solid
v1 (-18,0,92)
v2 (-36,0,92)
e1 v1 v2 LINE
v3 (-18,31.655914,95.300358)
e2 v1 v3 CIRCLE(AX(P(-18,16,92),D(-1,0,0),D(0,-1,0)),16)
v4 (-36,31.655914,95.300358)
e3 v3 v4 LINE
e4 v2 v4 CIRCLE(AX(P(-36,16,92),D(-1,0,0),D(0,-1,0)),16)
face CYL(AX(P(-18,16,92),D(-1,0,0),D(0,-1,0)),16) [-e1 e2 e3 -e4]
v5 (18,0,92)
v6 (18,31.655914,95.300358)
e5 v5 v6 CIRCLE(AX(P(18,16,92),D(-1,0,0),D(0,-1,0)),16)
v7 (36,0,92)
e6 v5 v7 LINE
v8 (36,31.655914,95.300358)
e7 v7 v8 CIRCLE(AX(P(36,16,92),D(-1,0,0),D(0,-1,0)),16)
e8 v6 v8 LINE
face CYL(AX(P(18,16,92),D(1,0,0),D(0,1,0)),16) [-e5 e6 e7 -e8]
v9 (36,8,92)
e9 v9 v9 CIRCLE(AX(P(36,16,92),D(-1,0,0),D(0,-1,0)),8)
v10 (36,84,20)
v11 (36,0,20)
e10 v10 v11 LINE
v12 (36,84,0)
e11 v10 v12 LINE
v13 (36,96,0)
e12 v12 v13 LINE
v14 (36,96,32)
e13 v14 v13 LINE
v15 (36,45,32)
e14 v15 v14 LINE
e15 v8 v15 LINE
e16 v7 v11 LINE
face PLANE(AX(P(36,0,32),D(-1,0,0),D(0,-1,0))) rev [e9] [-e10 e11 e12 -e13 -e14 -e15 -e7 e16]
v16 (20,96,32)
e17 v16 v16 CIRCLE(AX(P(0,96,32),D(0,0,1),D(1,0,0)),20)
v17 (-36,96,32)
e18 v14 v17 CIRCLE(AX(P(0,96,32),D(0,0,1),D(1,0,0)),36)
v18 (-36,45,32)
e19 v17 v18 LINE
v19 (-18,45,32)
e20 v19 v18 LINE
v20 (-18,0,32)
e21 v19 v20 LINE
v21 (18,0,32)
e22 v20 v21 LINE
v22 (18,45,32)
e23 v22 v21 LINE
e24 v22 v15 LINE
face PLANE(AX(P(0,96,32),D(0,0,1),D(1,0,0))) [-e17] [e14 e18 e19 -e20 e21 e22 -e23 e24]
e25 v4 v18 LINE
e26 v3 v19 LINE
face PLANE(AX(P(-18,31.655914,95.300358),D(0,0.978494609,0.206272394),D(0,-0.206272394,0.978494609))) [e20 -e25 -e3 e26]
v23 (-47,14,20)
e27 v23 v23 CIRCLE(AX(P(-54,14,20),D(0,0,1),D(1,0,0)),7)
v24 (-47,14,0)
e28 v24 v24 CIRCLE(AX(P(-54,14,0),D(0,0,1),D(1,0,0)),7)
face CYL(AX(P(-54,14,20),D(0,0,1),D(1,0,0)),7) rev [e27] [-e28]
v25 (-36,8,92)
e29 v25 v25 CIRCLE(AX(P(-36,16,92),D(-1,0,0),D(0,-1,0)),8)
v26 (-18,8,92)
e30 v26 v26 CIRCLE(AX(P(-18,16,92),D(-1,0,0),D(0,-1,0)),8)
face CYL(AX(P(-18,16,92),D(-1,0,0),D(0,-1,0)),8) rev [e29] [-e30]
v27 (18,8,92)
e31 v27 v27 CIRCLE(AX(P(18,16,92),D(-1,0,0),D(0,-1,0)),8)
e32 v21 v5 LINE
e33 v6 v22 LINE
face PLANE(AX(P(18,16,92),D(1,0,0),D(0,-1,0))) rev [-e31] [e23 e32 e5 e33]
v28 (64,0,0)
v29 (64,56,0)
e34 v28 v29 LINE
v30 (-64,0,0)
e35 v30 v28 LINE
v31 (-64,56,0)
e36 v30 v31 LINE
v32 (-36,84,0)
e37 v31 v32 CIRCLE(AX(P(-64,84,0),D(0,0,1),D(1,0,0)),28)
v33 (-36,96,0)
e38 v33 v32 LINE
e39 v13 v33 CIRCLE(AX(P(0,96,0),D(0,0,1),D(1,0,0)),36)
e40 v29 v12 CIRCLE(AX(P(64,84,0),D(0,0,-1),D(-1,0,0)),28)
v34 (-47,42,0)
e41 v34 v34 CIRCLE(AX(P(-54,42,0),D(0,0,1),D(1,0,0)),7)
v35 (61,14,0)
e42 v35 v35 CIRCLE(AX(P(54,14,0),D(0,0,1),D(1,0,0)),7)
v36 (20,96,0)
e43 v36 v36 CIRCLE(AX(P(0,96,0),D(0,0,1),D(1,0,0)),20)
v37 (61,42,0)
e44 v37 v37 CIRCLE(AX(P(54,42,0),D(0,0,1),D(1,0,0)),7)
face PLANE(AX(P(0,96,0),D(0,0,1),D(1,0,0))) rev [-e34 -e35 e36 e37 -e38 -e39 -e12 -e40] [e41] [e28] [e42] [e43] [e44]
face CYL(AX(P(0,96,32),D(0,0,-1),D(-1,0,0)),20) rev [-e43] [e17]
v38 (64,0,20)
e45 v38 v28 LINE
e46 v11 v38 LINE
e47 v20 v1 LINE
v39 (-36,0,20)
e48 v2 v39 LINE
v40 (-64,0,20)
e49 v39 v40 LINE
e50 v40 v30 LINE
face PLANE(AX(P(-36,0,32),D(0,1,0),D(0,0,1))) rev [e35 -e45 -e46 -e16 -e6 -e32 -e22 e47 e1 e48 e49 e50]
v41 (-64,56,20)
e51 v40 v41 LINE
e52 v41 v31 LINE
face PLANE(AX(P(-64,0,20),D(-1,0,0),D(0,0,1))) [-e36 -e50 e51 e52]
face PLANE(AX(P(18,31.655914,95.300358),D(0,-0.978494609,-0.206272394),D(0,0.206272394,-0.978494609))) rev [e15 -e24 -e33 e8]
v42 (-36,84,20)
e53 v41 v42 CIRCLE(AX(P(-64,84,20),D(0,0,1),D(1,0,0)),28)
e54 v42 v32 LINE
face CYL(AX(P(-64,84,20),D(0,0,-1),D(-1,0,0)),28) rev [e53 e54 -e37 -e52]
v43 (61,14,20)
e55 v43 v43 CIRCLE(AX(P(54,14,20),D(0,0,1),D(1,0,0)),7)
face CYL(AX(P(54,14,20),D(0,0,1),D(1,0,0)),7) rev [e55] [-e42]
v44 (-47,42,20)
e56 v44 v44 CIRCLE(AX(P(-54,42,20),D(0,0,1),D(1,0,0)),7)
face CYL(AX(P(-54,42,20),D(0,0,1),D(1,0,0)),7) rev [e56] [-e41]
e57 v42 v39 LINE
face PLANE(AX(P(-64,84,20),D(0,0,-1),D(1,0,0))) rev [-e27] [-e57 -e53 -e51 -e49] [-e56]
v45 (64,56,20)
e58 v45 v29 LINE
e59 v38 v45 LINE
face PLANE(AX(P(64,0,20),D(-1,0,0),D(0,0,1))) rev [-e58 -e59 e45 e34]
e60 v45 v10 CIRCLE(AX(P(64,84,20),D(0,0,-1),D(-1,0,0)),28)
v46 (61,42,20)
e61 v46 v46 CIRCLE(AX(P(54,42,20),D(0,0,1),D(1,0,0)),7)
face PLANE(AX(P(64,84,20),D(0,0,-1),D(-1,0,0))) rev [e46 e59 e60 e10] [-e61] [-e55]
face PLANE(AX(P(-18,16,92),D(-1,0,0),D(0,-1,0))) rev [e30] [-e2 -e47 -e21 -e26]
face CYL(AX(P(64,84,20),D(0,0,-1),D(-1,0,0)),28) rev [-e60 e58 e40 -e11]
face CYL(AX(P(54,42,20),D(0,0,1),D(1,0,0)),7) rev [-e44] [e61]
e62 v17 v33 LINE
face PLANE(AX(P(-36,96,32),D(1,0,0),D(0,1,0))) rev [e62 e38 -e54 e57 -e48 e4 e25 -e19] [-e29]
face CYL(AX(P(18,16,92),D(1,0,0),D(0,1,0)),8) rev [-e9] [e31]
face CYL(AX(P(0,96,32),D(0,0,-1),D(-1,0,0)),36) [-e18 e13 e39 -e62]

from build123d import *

# Parameters (mm, degrees)
SKETCH1_R           = 20
BOSS_EXTRUDE1_DEPTH = 32
BOSS_EXTRUDE2_DEPTH = 20
SKETCH4_R           = 8
BOSS_EXTRUDE3_DEPTH = 18
HOLE1_D             = 14
HOLE1_DEPTH         = 100


with BuildPart() as part:
    # Sketch1 → Boss-Extrude1 (new body)
    with BuildSketch(Plane.XY):
        with BuildLine():
            Line((-36, 96), (-36, 0))
            Line((-36, 0), (36, 0))
            Line((36, 0), (36, 96))
            ThreePointArc((36, 96), (0, 132), (-36, 96))
        make_face()
        with Locations((0, 96)):
            Circle(SKETCH1_R, mode=Mode.SUBTRACT)
    extrude(amount=BOSS_EXTRUDE1_DEPTH)

    # Sketch2 → Boss-Extrude2 (add)
    with BuildSketch(Plane.XY):
        with BuildLine():
            Line((36, 0), (64, 0))
            Line((64, 0), (64, 56))
            ThreePointArc((64, 56), (44.201010127, 64.201010127), (36, 84))
            Line((36, 84), (36, 0))
        make_face()
    boss_extrude2 = extrude(amount=BOSS_EXTRUDE2_DEPTH)

    # Mirror1: Boss-Extrude2 across plane
    add(boss_extrude2.mirror(Plane(origin=(0, 0, 0), x_dir=(0, 0, 1), z_dir=(1, 0, 0))))

    # Sketch4 → Boss-Extrude3 (add)
    with BuildSketch(Plane.ZY.offset(36)):
        with BuildLine():
            Line((32, 0), (92, 0))
            ThreePointArc((92, 0), (107.913745942, 14.340876714), (95.300358308, 31.65591374))
            Line((95.300358308, 31.65591374), (32, 45))
            Line((32, 45), (32, 0))
        make_face()
        with Locations(Location((92, 16, 0), (0, 0, 270))):
            Circle(SKETCH4_R, mode=Mode.SUBTRACT)
    boss_extrude3 = extrude(amount=-BOSS_EXTRUDE3_DEPTH)

    # Mirror2: Boss-Extrude3 across plane
    add(boss_extrude3.mirror(Plane(origin=(0, 0, 0), x_dir=(0, 0, 1), z_dir=(1, 0, 0))))

    # Hole1
    with Locations(Plane.XY.offset(20)):
        with Locations((54, 14), (54, 42)):
            hole1 = Hole(HOLE1_D / 2, depth=HOLE1_DEPTH)

    # Mirror3: Hole1 across plane
    add(hole1.mirror(Plane(origin=(0, 0, 0), x_dir=(0, 0, 1), z_dir=(1, 0, 0))), mode=Mode.SUBTRACT)


solid = part.part
